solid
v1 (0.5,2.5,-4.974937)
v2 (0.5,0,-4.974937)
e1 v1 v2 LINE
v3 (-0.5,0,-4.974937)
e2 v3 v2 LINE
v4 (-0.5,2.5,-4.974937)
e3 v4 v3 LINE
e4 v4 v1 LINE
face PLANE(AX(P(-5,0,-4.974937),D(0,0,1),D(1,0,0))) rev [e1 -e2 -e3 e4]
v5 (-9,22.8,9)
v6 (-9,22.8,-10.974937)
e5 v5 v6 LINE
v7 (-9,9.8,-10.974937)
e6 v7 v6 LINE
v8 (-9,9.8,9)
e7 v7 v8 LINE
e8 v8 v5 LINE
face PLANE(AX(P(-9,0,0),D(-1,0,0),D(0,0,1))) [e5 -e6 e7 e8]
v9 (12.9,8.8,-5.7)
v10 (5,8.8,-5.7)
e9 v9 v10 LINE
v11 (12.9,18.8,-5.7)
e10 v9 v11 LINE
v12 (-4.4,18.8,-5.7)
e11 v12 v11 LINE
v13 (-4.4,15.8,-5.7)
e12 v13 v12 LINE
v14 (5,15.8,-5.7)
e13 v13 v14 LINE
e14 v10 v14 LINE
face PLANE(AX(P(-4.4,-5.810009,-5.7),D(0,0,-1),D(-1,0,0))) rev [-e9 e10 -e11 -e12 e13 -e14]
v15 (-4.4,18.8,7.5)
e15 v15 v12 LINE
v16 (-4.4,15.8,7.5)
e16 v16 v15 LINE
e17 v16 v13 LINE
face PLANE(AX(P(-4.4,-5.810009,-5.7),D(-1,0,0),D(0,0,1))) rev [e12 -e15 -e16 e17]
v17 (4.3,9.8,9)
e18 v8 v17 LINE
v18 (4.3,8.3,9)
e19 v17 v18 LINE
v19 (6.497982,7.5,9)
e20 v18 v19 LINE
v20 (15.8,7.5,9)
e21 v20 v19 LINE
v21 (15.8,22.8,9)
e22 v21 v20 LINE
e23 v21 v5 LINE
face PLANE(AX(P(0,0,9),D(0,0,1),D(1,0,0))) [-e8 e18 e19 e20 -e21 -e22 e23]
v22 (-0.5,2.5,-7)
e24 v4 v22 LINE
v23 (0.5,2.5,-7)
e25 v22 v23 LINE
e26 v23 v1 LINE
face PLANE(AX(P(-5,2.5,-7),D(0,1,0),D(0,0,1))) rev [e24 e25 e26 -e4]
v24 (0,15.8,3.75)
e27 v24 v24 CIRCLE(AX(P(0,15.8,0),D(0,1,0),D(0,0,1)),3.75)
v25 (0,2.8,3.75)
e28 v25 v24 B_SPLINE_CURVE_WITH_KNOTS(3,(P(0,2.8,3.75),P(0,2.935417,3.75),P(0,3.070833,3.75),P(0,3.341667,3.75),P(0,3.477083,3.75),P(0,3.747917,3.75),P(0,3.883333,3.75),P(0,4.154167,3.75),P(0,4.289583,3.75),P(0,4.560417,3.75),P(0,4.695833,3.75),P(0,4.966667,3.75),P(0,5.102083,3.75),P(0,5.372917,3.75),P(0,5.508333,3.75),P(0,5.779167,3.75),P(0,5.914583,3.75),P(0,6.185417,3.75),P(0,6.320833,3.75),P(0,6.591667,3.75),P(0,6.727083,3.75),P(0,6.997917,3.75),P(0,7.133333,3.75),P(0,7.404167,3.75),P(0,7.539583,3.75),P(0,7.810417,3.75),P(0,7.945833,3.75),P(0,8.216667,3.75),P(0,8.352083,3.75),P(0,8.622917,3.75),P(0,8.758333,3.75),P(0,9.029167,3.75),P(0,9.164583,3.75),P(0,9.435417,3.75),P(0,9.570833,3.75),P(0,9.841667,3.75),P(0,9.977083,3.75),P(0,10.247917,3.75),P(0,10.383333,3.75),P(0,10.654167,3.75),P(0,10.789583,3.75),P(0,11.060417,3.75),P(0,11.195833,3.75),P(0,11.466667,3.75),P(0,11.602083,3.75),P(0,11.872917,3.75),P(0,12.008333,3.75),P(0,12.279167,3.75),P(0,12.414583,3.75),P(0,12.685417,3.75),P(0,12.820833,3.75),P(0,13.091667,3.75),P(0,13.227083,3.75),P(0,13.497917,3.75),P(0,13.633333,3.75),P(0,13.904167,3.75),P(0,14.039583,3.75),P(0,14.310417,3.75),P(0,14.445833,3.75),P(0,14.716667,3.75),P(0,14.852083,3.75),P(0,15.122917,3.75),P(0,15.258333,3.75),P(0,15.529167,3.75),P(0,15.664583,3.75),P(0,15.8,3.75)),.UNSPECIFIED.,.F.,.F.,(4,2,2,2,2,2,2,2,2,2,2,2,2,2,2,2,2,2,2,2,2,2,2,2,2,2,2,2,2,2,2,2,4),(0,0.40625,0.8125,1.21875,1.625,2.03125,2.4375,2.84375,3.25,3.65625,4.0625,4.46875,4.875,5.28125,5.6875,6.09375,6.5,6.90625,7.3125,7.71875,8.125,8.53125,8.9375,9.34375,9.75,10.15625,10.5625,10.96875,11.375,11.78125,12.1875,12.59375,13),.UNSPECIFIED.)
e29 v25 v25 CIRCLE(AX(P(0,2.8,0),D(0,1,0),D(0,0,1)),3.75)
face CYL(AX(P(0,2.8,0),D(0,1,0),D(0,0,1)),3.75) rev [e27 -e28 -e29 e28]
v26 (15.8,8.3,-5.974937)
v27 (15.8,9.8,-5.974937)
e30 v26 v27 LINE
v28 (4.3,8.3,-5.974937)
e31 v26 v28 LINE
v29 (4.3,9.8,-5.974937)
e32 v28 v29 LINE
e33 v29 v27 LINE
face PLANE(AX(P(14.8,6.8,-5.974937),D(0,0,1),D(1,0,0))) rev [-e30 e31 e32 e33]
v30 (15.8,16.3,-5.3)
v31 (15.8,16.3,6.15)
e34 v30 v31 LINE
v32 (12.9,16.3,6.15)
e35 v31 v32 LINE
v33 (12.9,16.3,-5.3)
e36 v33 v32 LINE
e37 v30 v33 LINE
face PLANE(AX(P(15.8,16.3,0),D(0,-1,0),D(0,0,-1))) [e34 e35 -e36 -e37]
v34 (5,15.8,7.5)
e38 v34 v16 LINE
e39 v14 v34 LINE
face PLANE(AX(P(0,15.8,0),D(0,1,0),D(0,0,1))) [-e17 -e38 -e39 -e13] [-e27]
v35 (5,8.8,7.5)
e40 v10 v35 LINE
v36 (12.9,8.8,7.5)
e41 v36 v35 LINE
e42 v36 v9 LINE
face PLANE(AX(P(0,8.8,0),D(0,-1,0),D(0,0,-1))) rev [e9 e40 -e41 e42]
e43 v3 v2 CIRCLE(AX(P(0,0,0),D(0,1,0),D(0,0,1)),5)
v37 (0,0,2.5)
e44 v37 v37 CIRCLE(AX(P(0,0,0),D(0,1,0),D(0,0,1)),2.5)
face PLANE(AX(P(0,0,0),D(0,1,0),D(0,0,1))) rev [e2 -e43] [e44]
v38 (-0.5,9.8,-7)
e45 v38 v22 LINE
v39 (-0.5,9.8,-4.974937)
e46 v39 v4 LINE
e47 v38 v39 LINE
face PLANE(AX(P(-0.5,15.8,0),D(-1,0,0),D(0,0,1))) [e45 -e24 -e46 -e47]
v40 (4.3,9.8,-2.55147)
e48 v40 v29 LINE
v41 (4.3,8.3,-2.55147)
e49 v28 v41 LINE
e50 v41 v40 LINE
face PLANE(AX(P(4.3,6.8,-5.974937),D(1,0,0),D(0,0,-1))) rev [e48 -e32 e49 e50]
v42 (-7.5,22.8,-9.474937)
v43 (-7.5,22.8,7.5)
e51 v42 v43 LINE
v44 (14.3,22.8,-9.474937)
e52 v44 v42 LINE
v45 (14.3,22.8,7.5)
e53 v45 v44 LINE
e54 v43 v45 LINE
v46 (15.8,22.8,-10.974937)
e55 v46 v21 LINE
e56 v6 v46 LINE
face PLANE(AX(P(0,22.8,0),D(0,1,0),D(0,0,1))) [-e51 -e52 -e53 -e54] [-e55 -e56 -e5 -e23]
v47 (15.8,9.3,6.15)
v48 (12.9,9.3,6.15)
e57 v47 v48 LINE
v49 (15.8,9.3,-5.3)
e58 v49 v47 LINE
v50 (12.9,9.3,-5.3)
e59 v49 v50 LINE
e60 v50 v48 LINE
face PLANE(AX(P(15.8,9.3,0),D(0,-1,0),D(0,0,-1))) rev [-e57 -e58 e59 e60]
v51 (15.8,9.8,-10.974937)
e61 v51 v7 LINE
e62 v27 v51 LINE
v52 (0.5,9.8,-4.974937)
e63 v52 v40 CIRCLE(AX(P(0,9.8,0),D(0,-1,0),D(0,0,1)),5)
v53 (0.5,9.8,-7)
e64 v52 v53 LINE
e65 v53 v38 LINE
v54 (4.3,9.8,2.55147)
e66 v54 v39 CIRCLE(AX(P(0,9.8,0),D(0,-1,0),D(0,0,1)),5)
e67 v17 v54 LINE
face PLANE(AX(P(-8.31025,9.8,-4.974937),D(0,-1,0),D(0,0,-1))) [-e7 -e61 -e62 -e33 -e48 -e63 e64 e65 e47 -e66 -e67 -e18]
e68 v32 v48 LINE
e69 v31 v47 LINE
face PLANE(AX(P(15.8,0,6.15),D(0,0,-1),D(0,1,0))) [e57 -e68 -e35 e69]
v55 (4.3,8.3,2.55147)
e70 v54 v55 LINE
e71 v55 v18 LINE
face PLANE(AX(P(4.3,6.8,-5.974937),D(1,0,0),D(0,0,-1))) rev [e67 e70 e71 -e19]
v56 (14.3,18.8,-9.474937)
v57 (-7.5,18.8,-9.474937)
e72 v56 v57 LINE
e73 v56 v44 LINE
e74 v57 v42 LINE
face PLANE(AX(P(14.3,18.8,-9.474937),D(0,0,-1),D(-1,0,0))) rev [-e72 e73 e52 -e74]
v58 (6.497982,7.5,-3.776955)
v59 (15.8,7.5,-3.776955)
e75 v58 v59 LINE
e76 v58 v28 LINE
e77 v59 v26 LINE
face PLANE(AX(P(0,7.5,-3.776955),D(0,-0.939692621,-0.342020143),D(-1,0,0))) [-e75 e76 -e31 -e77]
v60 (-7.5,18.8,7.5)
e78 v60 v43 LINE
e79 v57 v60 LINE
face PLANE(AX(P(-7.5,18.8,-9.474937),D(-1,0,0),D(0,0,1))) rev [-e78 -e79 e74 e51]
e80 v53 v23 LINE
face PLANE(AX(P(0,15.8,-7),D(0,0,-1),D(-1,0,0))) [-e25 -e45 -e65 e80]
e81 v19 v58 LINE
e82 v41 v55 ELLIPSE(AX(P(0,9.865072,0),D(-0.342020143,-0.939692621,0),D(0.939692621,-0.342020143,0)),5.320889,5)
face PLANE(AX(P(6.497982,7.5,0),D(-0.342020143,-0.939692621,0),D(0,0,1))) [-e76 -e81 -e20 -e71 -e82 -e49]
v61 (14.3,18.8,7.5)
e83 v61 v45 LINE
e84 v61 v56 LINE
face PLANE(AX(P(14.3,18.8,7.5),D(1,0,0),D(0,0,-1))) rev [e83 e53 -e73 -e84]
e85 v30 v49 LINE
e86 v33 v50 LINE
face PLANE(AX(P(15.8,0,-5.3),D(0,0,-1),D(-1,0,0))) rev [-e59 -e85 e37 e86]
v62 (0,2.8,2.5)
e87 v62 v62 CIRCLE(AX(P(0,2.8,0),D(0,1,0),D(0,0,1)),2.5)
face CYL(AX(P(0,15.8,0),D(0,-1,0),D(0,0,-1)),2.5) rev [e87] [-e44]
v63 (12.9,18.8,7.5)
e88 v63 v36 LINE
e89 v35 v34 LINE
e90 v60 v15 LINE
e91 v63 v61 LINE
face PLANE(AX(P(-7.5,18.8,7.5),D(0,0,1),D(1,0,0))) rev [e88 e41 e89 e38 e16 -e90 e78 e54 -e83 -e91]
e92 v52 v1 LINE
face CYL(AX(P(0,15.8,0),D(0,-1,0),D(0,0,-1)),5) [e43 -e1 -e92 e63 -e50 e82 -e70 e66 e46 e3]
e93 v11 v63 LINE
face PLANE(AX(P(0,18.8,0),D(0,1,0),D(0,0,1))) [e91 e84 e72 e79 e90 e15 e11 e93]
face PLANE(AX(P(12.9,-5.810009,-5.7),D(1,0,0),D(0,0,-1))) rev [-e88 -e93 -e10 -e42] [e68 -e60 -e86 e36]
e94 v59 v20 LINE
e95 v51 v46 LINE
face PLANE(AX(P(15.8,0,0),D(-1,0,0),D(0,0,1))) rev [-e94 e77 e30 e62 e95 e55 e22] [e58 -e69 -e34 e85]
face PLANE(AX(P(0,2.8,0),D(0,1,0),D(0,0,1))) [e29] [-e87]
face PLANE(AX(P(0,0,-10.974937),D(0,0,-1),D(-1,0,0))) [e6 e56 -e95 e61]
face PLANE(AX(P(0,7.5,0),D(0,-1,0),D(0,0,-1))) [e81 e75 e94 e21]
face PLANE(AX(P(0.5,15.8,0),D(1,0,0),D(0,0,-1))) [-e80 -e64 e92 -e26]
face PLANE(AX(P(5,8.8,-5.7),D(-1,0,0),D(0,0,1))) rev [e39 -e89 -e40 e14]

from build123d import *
from OCP.BRepFilletAPI import BRepFilletAPI_MakeChamfer

# Parameters (mm, degrees)
SKETCH1_R            = 4.999999999999999
SKETCH1_R_2          = 2.5
BOSS_EXTRUDE1_DEPTH  = 15.8
SKETCH2_R            = 3.75
CUT_EXTRUDE1_DEPTH   = 13
CUT_EXTRUDE2_DEPTH   = 19.135324645563973
BOSS_EXTRUDE3_DEPTH  = 1
BOSS_EXTRUDE4_DEPTH  = 1
SKETCH13_R           = 5
BOSS_EXTRUDE7_DEPTH  = 10
CUT_EXTRUDE3_START   = -4
CUT_EXTRUDE3_DEPTH   = 4
CUT_EXTRUDE4_DEPTH   = 1
BOSS_EXTRUDE9_DEPTH  = 3
CUT_EXTRUDE6_DEPTH   = 7
BOSS_EXTRUDE10_DEPTH = 3
BOSS_EXTRUDE11_DEPTH = 2
CUT_EXTRUDE7_DEPTH   = 0.25
BOSS_EXTRUDE12_DEPTH = 1
SKETCH23_W           = 18.9749371855331
SKETCH23_H           = 13
BOSS_EXTRUDE13_DEPTH = 1
SKETCH24_W           = 23.799999999999997
SKETCH24_H           = 13
BOSS_EXTRUDE14_DEPTH = 1
BOSS_EXTRUDE15_DEPTH = 1
SKETCH26_W           = 11.45
SKETCH26_H           = 6.999999999999998
SKETCH26_W_2         = 10.45
SKETCH26_H_2         = 5.999999999999998
CUT_EXTRUDE8_DEPTH   = 34.46489573009899
CUT_EXTRUDE10_DEPTH  = 0.7
CHAMFER4_SIZE        = 0.8
CHAMFER4_SIZE2       = 2.1979819355637176


with BuildPart() as part:
    # Sketch1 → Boss-Extrude1 (new body)
    # profile 1 of 2: a face of its own
    with BuildSketch(Plane(origin=(0, 0, 0), x_dir=(1, 0, 0), z_dir=(0, 1, 0))):
        with BuildLine():
            Line((-0.5, 7), (-0.5, 4.9749371855331))
            ThreePointArc((-0.5000000000000004, 4.974937185533099), (3.1e-16, 4.999999999999999), (0.49999999999999994, 4.974937185533099))
            Line((0.5, 4.9749371855331), (0.5, 7))
            Line((0.5, 7), (-0.5, 7))
        make_face()
    # profile 2 of 2: a face of its own
    with BuildSketch(Plane(origin=(0, 0, 0), x_dir=(1, 0, 0), z_dir=(0, 1, 0))):
        Circle(SKETCH1_R)
        with Locations(Location((0, 0, 0), (0, 0, 270))):
            Circle(SKETCH1_R_2, mode=Mode.SUBTRACT)
    extrude(amount=BOSS_EXTRUDE1_DEPTH)

    # Sketch2 → Cut-Extrude1 (cut)
    with BuildSketch(Plane(origin=(0, 15.8, 0), x_dir=(1, 0, 0), z_dir=(0, 1, 0))):
        with Locations(Location((0, 0, 0), (0, 0, 270))):
            Circle(SKETCH2_R)
    extrude(amount=-CUT_EXTRUDE1_DEPTH, mode=Mode.SUBTRACT)

    # Sketch4 → Cut-Extrude2 (cut, through all)
    with BuildSketch(Plane(origin=(0.5, 0, 0), x_dir=(0, 0, -1), z_dir=(1, 0, 0))):
        Polygon((7, 0), (4.9749371855331, 0), (4.9749371855331, 2.5000000000000004), (7, 2.5), align=None)
    extrude(amount=-CUT_EXTRUDE2_DEPTH, mode=Mode.SUBTRACT)

    # Sketch10 → Boss-Extrude3 (add)
    with BuildSketch(Plane(origin=(0.5, 0, 0), x_dir=(0, 0, -1), z_dir=(1, 0, 0))):
        Polygon((4.9749371855331, 15.8), (9.974937185533099, 15.8), (9.974937185533099, 9.8), (4.974937185533101, 9.8), align=None)
    extrude(amount=-BOSS_EXTRUDE3_DEPTH)

    # Sketch12 → Boss-Extrude4 (add)
    with BuildSketch(Plane(origin=(0, 15.8, 0), x_dir=(1, 0, 0), z_dir=(0, 1, 0))):
        with BuildLine():
            Line((-3.75, -3.307189138830739), (-3.75, 3.307189138830739))
            ThreePointArc((-3.75, 3.307189138830739), (-5.000000000000001, -6.1e-16), (-3.75, -3.307189138830739))
        make_face()
    extrude(amount=BOSS_EXTRUDE4_DEPTH)

    # Sketch13 → Boss-Extrude7 (add)
    with BuildSketch(Plane.XZ.offset(-9.8)):
        Polygon((-8, 8), (14.799999999999997, 8), (14.8, -9.974937185533099), (-7.999999999999998, -9.974937185533099), align=None)
        with Locations(Location((0, 0, 0), (0, 0, 221.409622109))):
            Circle(SKETCH13_R, mode=Mode.SUBTRACT)
    extrude(amount=-BOSS_EXTRUDE7_DEPTH)

    # Sketch14 → Cut-Extrude3 (cut)
    with BuildSketch(Plane(origin=(0, 19.8, 0), x_dir=(1, 0, 0), z_dir=(0, 1, 0)).offset(CUT_EXTRUDE3_START)):
        Polygon((-4.400000000000001, 5.7), (10.299999999999999, 5.7), (12.899999999999999, 5.7), (12.899999999999999, -7.249999999999999), (10.3, -7.249999999999999), (-4.400000000000001, -7.249999999999999), align=None)
    extrude(amount=CUT_EXTRUDE3_DEPTH, mode=Mode.SUBTRACT)

    # Sketch15 → Cut-Extrude4 (cut)
    with BuildSketch(Plane(origin=(0, 19.8, 0), x_dir=(1, 0, 0), z_dir=(0, 1, 0))):
        Polygon((-7.499999999999998, 9.474937185533099), (-7.5, -7.5), (14.299999999999997, -7.5), (14.3, 9.474937185533099), align=None)
    extrude(amount=-CUT_EXTRUDE4_DEPTH, mode=Mode.SUBTRACT)

    # Sketch17 → Boss-Extrude9 (add)
    with BuildSketch(Plane.XZ.offset(-9.8)):
        Polygon((14.8, -5.974937185533098), (4.3, -5.974937185533099), (4.3, 8), (14.8, 8), align=None)
    extrude(amount=BOSS_EXTRUDE9_DEPTH)

    # Sketch16 → Cut-Extrude6 (cut)
    with BuildSketch(Plane(origin=(0, 15.8, 0), x_dir=(1, 0, 0), z_dir=(0, 1, 0))):
        Polygon((12.899999999999999, 5.7), (4.999999999999999, 5.699999999999999), (5.000000000000001, -7.249999999999999), (12.9, -7.249999999999999), align=None)
    extrude(amount=-CUT_EXTRUDE6_DEPTH, mode=Mode.SUBTRACT)

    # Sketch19 → Boss-Extrude10 (add)
    with BuildSketch(Plane(origin=(0, 19.8, 0), x_dir=(1, 0, 0), z_dir=(0, 1, 0))):
        Polygon((-7.999999999999998, 9.974937185533099), (-8, -8), (14.799999999999997, -8), (14.8, 9.974937185533099), align=None)
        Polygon((-7.5, -7.5), (14.299999999999997, -7.5), (14.3, 9.474937185533099), (-7.499999999999998, 9.474937185533099), align=None, mode=Mode.SUBTRACT)
    extrude(amount=BOSS_EXTRUDE10_DEPTH)

    # Sketch20 → Boss-Extrude11 (add)
    with BuildSketch(Plane(origin=(0, 16.8, 0), x_dir=(1, 0, 0), z_dir=(0, 1, 0))):
        with BuildLine():
            Line((-4.400000000000002, -2.37486841740758), (-4.400000000000001, 2.374868417407581))
            ThreePointArc((-4.400000000000001, 2.374868417407581), (-5, 6.1e-16), (-4.400000000000002, -2.37486841740758))
        make_face()
    extrude(amount=BOSS_EXTRUDE11_DEPTH)

    # Sketch21 → Cut-Extrude7 (cut)
    with BuildSketch(Plane(origin=(0, 0, 7.249999999999999), x_dir=(-1, 0, 0), z_dir=(0, 0, -1))):
        Polygon((4.400000000000001, 18.8), (-12.899999999999999, 18.8), (-12.9, 8.800000000000002), (-5.000000000000001, 8.800000000000002), (-5.000000000000001, 15.8), (4.400000000000001, 15.8), align=None)
    extrude(amount=-CUT_EXTRUDE7_DEPTH, mode=Mode.SUBTRACT)

    # Sketch22 → Boss-Extrude12 (add)
    with BuildSketch(Plane.XY.offset(8)):
        Polygon((14.8, 6.800000000000002), (14.799999999999997, 22.8), (-8, 22.8), (-8, 9.8), (4.3, 9.8), (4.3, 6.800000000000002), align=None)
    extrude(amount=BOSS_EXTRUDE12_DEPTH)

    # Sketch23 → Boss-Extrude13 (add)
    with BuildSketch(Plane.ZY.offset(8)):
        with Locations((-0.4874685927665485, 16.3)):
            Rectangle(SKETCH23_W, SKETCH23_H)
    extrude(amount=BOSS_EXTRUDE13_DEPTH)

    # Sketch24 → Boss-Extrude14 (add)
    with BuildSketch(Plane(origin=(0, 0, -9.974937185533099), x_dir=(-1, 0, 0), z_dir=(0, 0, -1))):
        with Locations((-2.9000000000000012, 16.3)):
            Rectangle(SKETCH24_W, SKETCH24_H)
    extrude(amount=BOSS_EXTRUDE14_DEPTH)

    # Sketch25 → Boss-Extrude15 (add)
    with BuildSketch(Plane(origin=(14.799999999999999, 0, 2.86e-15), x_dir=(1.9e-16, 0, -1), z_dir=(1, 0, 1.9e-16))):
        Polygon((5.974937185533101, 9.8), (10.974937185533104, 9.8), (10.974937185533104, 22.8), (-8.999999999999998, 22.8), (-8.999999999999998, 6.800000000000002), (5.974937185533101, 6.800000000000002), align=None)
    extrude(amount=BOSS_EXTRUDE15_DEPTH)

    # Sketch26 → Cut-Extrude8 (cut, through all)
    with BuildSketch(Plane.ZY.offset(-12.899999999999999)):
        with Locations((0.42500000000000027, 12.8)):
            Rectangle(SKETCH26_W, SKETCH26_H)
        with Locations((0.4249999999999998, 12.8)):
            Rectangle(SKETCH26_W_2, SKETCH26_H_2)
    extrude(amount=-CUT_EXTRUDE8_DEPTH, mode=Mode.SUBTRACT)

    # Sketch28 → Cut-Extrude10 (cut)
    with BuildSketch(Plane.XZ.offset(-6.800000000000002)):
        with BuildLine():
            Line((4.3, -2.551470164434614), (4.3, -5.974937185533099))
            Line((4.3, -5.974937185533099), (15.8, -5.974937185533098))
            Line((15.8, -5.974937185533098), (15.799999999999999, 9.000000000000002))
            Line((15.799999999999999, 9.000000000000002), (4.3, 9.000000000000002))
            Line((4.3, 9.000000000000002), (4.3, 2.5514701644346127))
            ThreePointArc((4.3, 2.5514701644346127), (4.999999999999999, -5.6e-16), (4.3, -2.551470164434614))
        make_face()
    extrude(amount=-CUT_EXTRUDE10_DEPTH, mode=Mode.SUBTRACT)

    # Chamfer4: one chamfer whose edges measure the first distance from different faces: ONE call of the kernel's chamfer builder (chamfer() names one face for all edges)
    chamfer4_edges_1 = [part.edges().sort_by_distance(p)[0] for p in [
        (10.05, 7.500000000000002, -5.974937185533099),
    ]]
    chamfer4_side_1 = [part.faces().sort_by_distance(p)[0] for p in [
        (10.049999999999999, 8.65, -5.974937185533099),
    ]]
    chamfer4_edges_2 = [part.edges().sort_by_distance(p)[0] for p in [
        (4.3, 7.500000000000002, -4.263203674983856),
    ]]
    chamfer4_side_2 = [part.faces().sort_by_distance(p)[0] for p in [
        (4.3, 8.650000000000002, -4.263203674983856),
    ]]
    chamfer4 = BRepFilletAPI_MakeChamfer(part.part.solid().wrapped)
    for e in chamfer4_edges_1:
        chamfer4.Add(CHAMFER4_SIZE, CHAMFER4_SIZE2, e.wrapped, chamfer4_side_1[0].wrapped)  # the first distance lies on this face
    for e in chamfer4_edges_2:
        chamfer4.Add(CHAMFER4_SIZE, CHAMFER4_SIZE2, e.wrapped, chamfer4_side_2[0].wrapped)  # the first distance lies on this face
    add(Compound.cast(chamfer4.Shape()), mode=Mode.REPLACE)


solid = part.part
